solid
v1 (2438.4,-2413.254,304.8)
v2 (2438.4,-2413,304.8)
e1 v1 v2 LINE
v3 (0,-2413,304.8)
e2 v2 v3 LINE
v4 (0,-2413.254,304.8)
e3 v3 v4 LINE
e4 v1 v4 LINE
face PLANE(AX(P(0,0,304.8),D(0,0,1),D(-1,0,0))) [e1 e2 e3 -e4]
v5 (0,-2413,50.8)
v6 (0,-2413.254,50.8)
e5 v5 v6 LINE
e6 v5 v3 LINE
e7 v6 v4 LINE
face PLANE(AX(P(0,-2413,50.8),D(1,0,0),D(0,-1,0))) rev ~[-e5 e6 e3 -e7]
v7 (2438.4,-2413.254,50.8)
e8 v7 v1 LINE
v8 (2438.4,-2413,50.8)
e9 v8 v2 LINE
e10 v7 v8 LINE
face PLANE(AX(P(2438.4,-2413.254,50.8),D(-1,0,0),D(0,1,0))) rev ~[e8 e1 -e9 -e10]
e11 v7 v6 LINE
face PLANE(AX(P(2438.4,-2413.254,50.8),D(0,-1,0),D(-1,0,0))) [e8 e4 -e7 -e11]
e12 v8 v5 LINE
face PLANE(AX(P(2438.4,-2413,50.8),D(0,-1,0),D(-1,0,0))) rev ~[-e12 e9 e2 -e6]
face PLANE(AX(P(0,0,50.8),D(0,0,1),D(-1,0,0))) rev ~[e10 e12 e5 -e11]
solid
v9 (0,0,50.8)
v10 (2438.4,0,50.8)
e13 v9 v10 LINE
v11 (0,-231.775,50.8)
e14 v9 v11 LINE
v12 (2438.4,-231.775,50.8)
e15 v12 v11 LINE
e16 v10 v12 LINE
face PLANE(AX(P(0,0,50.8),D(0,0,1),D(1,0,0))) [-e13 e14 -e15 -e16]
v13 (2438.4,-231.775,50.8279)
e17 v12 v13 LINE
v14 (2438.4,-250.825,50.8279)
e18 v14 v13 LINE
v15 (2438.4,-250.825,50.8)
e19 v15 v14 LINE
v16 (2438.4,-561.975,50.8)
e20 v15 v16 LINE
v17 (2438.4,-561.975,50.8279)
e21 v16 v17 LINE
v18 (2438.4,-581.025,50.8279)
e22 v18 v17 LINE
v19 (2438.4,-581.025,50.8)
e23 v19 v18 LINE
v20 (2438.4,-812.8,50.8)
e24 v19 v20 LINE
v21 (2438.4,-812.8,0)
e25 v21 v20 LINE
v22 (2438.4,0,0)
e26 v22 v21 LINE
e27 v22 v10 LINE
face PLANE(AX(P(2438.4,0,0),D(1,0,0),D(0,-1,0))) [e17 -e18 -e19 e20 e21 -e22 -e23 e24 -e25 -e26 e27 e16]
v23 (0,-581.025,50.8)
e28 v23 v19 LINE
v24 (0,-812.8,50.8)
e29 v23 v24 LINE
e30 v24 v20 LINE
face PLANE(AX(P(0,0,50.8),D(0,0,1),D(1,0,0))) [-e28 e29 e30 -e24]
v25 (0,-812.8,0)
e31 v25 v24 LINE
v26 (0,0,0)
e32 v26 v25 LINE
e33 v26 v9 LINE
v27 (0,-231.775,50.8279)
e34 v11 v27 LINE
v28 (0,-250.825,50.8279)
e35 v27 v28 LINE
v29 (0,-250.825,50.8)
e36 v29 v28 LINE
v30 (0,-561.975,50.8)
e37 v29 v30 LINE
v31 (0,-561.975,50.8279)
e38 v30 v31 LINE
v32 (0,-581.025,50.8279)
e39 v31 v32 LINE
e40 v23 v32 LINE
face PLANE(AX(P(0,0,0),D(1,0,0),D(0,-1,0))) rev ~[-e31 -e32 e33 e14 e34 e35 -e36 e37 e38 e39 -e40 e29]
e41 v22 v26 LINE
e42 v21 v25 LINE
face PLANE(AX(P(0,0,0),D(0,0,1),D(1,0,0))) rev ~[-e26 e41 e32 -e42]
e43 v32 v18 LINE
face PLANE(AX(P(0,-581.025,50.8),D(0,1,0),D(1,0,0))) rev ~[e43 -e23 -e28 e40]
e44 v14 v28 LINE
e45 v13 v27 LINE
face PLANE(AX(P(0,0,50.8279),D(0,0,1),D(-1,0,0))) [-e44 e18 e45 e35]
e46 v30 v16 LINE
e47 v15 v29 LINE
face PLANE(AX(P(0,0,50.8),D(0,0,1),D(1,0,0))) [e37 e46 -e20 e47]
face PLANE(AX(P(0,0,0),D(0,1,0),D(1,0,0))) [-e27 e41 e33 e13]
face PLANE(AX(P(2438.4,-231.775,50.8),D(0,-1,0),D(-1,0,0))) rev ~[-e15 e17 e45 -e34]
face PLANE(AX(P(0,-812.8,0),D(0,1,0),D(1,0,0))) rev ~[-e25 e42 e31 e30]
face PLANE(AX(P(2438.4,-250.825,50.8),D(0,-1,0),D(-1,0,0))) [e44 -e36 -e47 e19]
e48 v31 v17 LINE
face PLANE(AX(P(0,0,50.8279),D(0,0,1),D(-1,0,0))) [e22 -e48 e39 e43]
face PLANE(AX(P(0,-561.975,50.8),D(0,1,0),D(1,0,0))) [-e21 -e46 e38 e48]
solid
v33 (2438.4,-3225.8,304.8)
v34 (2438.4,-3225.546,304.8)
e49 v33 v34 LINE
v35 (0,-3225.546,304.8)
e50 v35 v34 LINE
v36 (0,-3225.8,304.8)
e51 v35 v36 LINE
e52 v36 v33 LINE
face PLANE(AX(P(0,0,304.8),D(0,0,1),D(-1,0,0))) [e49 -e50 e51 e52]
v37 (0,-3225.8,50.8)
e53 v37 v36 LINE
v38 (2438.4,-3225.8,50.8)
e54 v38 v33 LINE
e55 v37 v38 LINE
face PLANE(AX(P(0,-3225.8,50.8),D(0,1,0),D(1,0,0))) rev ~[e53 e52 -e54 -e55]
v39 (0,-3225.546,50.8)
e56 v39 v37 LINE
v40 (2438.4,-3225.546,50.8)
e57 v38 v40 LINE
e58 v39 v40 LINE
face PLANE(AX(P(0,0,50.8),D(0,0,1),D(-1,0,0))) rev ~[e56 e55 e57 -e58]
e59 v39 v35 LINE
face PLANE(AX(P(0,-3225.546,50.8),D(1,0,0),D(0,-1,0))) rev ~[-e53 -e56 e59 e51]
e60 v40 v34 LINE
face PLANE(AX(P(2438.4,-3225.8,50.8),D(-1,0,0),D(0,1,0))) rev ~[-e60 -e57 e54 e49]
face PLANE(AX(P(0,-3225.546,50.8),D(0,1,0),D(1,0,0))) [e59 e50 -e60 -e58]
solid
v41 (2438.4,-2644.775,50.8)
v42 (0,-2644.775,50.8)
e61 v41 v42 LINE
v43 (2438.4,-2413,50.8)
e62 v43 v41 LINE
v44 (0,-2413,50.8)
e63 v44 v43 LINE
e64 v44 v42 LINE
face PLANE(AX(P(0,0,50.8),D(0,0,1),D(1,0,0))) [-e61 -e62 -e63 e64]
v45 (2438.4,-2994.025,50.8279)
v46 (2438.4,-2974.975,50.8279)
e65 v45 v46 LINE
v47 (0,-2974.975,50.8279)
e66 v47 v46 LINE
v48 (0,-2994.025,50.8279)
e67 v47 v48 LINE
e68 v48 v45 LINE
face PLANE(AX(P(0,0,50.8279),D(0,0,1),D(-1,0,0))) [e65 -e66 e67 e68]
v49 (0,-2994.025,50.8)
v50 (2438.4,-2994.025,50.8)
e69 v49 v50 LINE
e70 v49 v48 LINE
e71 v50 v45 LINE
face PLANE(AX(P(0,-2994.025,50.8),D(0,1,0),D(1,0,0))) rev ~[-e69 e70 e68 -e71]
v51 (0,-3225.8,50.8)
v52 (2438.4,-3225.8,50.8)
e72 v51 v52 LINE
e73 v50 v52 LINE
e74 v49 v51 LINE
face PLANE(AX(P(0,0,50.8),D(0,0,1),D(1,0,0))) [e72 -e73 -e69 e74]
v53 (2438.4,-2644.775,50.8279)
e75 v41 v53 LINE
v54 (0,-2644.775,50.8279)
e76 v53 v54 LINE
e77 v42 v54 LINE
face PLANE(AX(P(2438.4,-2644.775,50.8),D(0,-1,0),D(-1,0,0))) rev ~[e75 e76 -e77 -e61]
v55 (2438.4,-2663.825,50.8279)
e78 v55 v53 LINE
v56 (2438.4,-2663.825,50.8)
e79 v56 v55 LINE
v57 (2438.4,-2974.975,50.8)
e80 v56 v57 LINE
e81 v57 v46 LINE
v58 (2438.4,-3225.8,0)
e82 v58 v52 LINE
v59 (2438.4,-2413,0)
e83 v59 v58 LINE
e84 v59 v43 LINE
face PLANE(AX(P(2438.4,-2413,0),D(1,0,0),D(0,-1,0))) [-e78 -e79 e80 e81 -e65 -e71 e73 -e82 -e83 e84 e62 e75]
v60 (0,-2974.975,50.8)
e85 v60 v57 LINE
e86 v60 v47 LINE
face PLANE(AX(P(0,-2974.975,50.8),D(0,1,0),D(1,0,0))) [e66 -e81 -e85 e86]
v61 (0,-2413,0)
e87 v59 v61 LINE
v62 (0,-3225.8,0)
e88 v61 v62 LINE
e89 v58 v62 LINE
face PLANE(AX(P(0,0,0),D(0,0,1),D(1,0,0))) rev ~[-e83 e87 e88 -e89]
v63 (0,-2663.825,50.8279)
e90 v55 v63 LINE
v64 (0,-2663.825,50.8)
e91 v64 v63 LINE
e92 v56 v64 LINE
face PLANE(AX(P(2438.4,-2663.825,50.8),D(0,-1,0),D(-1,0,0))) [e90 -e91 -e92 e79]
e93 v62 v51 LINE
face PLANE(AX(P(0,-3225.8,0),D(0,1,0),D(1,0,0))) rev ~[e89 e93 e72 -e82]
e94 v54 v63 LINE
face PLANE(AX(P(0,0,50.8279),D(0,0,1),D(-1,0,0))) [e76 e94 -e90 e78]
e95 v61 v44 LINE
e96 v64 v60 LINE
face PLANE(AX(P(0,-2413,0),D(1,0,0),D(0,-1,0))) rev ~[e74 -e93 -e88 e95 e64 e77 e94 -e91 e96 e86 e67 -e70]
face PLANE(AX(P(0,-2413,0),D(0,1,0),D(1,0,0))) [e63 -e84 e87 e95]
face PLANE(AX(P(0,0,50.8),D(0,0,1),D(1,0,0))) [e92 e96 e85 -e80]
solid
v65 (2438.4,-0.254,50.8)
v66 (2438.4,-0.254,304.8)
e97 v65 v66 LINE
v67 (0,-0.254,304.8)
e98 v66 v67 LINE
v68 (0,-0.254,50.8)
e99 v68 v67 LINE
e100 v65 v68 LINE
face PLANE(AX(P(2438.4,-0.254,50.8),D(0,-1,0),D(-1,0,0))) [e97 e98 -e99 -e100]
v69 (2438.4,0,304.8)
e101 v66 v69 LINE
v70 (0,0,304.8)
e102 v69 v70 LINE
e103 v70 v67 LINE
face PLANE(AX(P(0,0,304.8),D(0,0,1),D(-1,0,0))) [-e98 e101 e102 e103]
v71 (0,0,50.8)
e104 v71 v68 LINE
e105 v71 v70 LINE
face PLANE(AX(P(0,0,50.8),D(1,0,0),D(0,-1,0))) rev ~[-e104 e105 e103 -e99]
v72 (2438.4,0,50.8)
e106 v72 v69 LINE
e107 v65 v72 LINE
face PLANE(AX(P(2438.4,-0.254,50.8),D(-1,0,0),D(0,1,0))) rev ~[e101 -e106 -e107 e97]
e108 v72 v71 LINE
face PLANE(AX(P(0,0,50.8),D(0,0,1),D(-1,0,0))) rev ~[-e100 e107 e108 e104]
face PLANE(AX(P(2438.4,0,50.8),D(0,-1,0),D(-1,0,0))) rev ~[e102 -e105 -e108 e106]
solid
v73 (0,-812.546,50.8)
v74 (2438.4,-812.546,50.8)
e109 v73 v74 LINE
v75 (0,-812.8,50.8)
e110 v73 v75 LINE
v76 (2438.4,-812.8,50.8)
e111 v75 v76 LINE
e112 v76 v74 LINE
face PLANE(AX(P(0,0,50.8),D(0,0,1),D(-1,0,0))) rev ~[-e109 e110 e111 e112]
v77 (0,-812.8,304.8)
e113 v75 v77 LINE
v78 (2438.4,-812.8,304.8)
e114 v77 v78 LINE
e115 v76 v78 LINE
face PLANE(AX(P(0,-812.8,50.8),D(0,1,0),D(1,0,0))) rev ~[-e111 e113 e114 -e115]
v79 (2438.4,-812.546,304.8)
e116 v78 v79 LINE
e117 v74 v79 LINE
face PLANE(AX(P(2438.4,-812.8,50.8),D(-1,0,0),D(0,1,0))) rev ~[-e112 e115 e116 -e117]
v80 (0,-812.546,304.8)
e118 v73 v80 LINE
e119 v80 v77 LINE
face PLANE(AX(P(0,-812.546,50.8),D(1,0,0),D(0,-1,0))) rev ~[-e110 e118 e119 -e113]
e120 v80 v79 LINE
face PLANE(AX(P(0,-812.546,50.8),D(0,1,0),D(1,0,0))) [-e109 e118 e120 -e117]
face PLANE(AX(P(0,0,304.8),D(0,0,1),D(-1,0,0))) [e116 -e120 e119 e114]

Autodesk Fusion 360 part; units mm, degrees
sketch "Sketch1" plane through (0, 0, 0) normal (0, 0, 1) x (1, 0, 0)
  line L0 (0, 0) -> (0, -812.8)
  line L1 (0, -812.8) -> (0, -2413)
  line L2 (0, -2413) -> (0, -3225.8)
  line L3 (0, 0) -> (1219.2, 0)
  line L4 (1219.2, 0) -> (0, 0)
  line L5 (0, 0) -> (0, -812.8)
  line L6 (0, -812.8) -> (1219.2, -812.8)
  line L7 (1219.2, -812.8) -> (1219.2, 0)
  line L8 (0, -3225.8) -> (1219.2, -3225.8)
  line L9 (1219.2, -3225.8) -> (0, -3225.8)
  line L10 (0, -3225.8) -> (0, -2413)
  line L11 (0, -2413) -> (1219.2, -2413)
  line L12 (1219.2, -2413) -> (1219.2, -3225.8)
  line L13 (1219.2, -812.8) -> (1219.2, 0)
  line L14 (1219.2, 0) -> (2438.4, 0)
  line L15 (2438.4, 0) -> (2438.4, -812.8)
  line L16 (2438.4, -812.8) -> (1219.2, -812.8)
  line L17 (1219.2, -3225.8) -> (1219.2, -2413)
  line L18 (1219.2, -2413) -> (2438.4, -2413)
  line L19 (2438.4, -2413) -> (2438.4, -3225.8)
  line L20 (2438.4, -3225.8) -> (1219.2, -3225.8)
  dimension "d1" = 812.8
  dimension "d2" = 1600.2
  dimension "d3" = 812.8
  dimension "d4" = 1219.2
  dimension "d5" = 1219.2
  dimension "d8" = 1219.2
  dimension "d9" = 1219.2
extrude "Extrude2" add sketch "Sketch1" along normal blind 50.8 makes body 1 at (812.8, -270.9333, 0) makes body 2 at (812.8, -2954.8667, 0)
sketch "Sketch2" plane through (0, 0, 50.8) normal (0, 0, 1) x (-1, 0, 0)
  line L0 (-2438.4, 0) -> (0, 0)
  line L1 (0, 0) -> (0, 812.8)
  line L2 (0, 812.8) -> (-2438.4, 812.8)
  line L3 (-2438.4, 812.8) -> (-2438.4, 0)
  line L4 (-2438.4, 250.825) -> (0, 250.825)
  line L5 (-2438.4, 231.775) -> (0, 231.775)
  line L6 (0, 561.975) -> (-2438.4, 561.975)
  line L7 (0, 581.025) -> (-2438.4, 581.025)
  dimension "d12" = -250.825
  dimension "d13" = -231.775
  dimension "d14" = -250.825
  dimension "d15" = -231.775
extrude "Extrude3" add sketch "Sketch2" along normal blind 0.0279 contours L1 L3 L4 L5 | L1 L3 L6 L7 bodies 1
sketch "Sketch3" plane through (0, 0, 50.8) normal (0, 0, 1) x (-1, 0, 0)
  line L0 (-2438.4, 3225.8) -> (-2438.4, 2413)
  line L1 (-2438.4, 2413) -> (0, 2413)
  line L2 (0, 2413) -> (0, 3225.8)
  line L3 (0, 3225.8) -> (-2438.4, 3225.8)
  line L4 (-2438.4, 2663.825) -> (0, 2663.825)
  line L5 (-2438.4, 2644.775) -> (0, 2644.775)
  line L6 (0, 2974.975) -> (-2438.4, 2974.975)
  line L7 (0, 2994.025) -> (-2438.4, 2994.025)
  dimension "d18" = -250.825
  dimension "d19" = -231.775
  dimension "d20" = -250.825
  dimension "d21" = -231.775
extrude "Extrude4" add sketch "Sketch3" along normal blind 0.0279 contours L0 L2 L6 L7 | L0 L2 L4 L5 bodies 2
sketch "Sketch4" plane through (0, 0, 0) normal (0, 0, -1) x (1, 0, 0)
  line L0 (2438.4, 2413) -> (2438.4, 3225.8)
  line L1 (2438.4, 3225.8) -> (0, 3225.8)
  line L2 (0, 3225.8) -> (0, 2413)
  line L3 (0, 2413) -> (2438.4, 2413)
sketch "Sketch5" plane through (0, 0, 50.8) normal (0, 0, 1) x (-1, 0, 0)
  line L0 (-2438.4, 2994.025) -> (0, 2994.025)
  line L1 (0, 2994.025) -> (0, 3225.8)
  line L2 (0, 3225.8) -> (-2438.4, 3225.8)
  line L3 (-2438.4, 3225.8) -> (-2438.4, 2994.025)
  line L4 (0, 3225.546) -> (-2438.4, 3225.546)
  dimension "d24" = -0.254
extrude "Extrude5" add sketch "Sketch5" along normal blind 254 separate body contours L1 L2 L3 L4 makes body 3
sketch "Sketch6" plane through (0, 0, 50.8) normal (0, 0, 1) x (-1, 0, 0)
  line L0 (0, 2644.775) -> (-2438.4, 2644.775)
  line L1 (-2438.4, 2644.775) -> (-2438.4, 2413)
  line L2 (-2438.4, 2413) -> (0, 2413)
  line L3 (0, 2413) -> (0, 2644.775)
  line L4 (-2438.4, 2413.254) -> (0, 2413.254)
  dimension "d27" = -0.254
extrude "Extrude6" add sketch "Sketch6" along normal blind 254 separate body contours L1 L2 L3 L4 makes body 4
sketch "Sketch7" plane through (0, 0, 50.8) normal (0, 0, 1) x (-1, 0, 0)
  line L0 (0, 231.775) -> (-2438.4, 231.775)
  line L1 (-2438.4, 231.775) -> (-2438.4, 0)
  line L2 (-2438.4, 0) -> (0, 0)
  line L3 (0, 0) -> (0, 231.775)
  line L4 (-2438.4, 0.254) -> (0, 0.254)
  dimension "d30" = -0.254
extrude "Extrude7" add sketch "Sketch7" along normal blind 254 separate body contours L1 L2 L3 L4 makes body 5
sketch "Sketch8" plane through (0, 0, 50.8) normal (0, 0, 1) x (-1, 0, 0)
  line L0 (-2438.4, 581.025) -> (0, 581.025)
  line L1 (0, 581.025) -> (0, 812.8)
  line L2 (0, 812.8) -> (-2438.4, 812.8)
  line L3 (-2438.4, 812.8) -> (-2438.4, 581.025)
  line L4 (0, 812.546) -> (-2438.4, 812.546)
  dimension "d33" = -0.254
extrude "Extrude8" add sketch "Sketch8" along normal blind 254 separate body contours L1 L2 L3 L4 makes body 6
equation "d4 = ( 24 * 2 ) * 1 in"
equation "d5 = ( 24 * 2 ) * 1 in"
equation "d8 = ( 24 * 2 ) * 1 in"
equation "d9 = ( 24 * 2 ) * 1 in"
